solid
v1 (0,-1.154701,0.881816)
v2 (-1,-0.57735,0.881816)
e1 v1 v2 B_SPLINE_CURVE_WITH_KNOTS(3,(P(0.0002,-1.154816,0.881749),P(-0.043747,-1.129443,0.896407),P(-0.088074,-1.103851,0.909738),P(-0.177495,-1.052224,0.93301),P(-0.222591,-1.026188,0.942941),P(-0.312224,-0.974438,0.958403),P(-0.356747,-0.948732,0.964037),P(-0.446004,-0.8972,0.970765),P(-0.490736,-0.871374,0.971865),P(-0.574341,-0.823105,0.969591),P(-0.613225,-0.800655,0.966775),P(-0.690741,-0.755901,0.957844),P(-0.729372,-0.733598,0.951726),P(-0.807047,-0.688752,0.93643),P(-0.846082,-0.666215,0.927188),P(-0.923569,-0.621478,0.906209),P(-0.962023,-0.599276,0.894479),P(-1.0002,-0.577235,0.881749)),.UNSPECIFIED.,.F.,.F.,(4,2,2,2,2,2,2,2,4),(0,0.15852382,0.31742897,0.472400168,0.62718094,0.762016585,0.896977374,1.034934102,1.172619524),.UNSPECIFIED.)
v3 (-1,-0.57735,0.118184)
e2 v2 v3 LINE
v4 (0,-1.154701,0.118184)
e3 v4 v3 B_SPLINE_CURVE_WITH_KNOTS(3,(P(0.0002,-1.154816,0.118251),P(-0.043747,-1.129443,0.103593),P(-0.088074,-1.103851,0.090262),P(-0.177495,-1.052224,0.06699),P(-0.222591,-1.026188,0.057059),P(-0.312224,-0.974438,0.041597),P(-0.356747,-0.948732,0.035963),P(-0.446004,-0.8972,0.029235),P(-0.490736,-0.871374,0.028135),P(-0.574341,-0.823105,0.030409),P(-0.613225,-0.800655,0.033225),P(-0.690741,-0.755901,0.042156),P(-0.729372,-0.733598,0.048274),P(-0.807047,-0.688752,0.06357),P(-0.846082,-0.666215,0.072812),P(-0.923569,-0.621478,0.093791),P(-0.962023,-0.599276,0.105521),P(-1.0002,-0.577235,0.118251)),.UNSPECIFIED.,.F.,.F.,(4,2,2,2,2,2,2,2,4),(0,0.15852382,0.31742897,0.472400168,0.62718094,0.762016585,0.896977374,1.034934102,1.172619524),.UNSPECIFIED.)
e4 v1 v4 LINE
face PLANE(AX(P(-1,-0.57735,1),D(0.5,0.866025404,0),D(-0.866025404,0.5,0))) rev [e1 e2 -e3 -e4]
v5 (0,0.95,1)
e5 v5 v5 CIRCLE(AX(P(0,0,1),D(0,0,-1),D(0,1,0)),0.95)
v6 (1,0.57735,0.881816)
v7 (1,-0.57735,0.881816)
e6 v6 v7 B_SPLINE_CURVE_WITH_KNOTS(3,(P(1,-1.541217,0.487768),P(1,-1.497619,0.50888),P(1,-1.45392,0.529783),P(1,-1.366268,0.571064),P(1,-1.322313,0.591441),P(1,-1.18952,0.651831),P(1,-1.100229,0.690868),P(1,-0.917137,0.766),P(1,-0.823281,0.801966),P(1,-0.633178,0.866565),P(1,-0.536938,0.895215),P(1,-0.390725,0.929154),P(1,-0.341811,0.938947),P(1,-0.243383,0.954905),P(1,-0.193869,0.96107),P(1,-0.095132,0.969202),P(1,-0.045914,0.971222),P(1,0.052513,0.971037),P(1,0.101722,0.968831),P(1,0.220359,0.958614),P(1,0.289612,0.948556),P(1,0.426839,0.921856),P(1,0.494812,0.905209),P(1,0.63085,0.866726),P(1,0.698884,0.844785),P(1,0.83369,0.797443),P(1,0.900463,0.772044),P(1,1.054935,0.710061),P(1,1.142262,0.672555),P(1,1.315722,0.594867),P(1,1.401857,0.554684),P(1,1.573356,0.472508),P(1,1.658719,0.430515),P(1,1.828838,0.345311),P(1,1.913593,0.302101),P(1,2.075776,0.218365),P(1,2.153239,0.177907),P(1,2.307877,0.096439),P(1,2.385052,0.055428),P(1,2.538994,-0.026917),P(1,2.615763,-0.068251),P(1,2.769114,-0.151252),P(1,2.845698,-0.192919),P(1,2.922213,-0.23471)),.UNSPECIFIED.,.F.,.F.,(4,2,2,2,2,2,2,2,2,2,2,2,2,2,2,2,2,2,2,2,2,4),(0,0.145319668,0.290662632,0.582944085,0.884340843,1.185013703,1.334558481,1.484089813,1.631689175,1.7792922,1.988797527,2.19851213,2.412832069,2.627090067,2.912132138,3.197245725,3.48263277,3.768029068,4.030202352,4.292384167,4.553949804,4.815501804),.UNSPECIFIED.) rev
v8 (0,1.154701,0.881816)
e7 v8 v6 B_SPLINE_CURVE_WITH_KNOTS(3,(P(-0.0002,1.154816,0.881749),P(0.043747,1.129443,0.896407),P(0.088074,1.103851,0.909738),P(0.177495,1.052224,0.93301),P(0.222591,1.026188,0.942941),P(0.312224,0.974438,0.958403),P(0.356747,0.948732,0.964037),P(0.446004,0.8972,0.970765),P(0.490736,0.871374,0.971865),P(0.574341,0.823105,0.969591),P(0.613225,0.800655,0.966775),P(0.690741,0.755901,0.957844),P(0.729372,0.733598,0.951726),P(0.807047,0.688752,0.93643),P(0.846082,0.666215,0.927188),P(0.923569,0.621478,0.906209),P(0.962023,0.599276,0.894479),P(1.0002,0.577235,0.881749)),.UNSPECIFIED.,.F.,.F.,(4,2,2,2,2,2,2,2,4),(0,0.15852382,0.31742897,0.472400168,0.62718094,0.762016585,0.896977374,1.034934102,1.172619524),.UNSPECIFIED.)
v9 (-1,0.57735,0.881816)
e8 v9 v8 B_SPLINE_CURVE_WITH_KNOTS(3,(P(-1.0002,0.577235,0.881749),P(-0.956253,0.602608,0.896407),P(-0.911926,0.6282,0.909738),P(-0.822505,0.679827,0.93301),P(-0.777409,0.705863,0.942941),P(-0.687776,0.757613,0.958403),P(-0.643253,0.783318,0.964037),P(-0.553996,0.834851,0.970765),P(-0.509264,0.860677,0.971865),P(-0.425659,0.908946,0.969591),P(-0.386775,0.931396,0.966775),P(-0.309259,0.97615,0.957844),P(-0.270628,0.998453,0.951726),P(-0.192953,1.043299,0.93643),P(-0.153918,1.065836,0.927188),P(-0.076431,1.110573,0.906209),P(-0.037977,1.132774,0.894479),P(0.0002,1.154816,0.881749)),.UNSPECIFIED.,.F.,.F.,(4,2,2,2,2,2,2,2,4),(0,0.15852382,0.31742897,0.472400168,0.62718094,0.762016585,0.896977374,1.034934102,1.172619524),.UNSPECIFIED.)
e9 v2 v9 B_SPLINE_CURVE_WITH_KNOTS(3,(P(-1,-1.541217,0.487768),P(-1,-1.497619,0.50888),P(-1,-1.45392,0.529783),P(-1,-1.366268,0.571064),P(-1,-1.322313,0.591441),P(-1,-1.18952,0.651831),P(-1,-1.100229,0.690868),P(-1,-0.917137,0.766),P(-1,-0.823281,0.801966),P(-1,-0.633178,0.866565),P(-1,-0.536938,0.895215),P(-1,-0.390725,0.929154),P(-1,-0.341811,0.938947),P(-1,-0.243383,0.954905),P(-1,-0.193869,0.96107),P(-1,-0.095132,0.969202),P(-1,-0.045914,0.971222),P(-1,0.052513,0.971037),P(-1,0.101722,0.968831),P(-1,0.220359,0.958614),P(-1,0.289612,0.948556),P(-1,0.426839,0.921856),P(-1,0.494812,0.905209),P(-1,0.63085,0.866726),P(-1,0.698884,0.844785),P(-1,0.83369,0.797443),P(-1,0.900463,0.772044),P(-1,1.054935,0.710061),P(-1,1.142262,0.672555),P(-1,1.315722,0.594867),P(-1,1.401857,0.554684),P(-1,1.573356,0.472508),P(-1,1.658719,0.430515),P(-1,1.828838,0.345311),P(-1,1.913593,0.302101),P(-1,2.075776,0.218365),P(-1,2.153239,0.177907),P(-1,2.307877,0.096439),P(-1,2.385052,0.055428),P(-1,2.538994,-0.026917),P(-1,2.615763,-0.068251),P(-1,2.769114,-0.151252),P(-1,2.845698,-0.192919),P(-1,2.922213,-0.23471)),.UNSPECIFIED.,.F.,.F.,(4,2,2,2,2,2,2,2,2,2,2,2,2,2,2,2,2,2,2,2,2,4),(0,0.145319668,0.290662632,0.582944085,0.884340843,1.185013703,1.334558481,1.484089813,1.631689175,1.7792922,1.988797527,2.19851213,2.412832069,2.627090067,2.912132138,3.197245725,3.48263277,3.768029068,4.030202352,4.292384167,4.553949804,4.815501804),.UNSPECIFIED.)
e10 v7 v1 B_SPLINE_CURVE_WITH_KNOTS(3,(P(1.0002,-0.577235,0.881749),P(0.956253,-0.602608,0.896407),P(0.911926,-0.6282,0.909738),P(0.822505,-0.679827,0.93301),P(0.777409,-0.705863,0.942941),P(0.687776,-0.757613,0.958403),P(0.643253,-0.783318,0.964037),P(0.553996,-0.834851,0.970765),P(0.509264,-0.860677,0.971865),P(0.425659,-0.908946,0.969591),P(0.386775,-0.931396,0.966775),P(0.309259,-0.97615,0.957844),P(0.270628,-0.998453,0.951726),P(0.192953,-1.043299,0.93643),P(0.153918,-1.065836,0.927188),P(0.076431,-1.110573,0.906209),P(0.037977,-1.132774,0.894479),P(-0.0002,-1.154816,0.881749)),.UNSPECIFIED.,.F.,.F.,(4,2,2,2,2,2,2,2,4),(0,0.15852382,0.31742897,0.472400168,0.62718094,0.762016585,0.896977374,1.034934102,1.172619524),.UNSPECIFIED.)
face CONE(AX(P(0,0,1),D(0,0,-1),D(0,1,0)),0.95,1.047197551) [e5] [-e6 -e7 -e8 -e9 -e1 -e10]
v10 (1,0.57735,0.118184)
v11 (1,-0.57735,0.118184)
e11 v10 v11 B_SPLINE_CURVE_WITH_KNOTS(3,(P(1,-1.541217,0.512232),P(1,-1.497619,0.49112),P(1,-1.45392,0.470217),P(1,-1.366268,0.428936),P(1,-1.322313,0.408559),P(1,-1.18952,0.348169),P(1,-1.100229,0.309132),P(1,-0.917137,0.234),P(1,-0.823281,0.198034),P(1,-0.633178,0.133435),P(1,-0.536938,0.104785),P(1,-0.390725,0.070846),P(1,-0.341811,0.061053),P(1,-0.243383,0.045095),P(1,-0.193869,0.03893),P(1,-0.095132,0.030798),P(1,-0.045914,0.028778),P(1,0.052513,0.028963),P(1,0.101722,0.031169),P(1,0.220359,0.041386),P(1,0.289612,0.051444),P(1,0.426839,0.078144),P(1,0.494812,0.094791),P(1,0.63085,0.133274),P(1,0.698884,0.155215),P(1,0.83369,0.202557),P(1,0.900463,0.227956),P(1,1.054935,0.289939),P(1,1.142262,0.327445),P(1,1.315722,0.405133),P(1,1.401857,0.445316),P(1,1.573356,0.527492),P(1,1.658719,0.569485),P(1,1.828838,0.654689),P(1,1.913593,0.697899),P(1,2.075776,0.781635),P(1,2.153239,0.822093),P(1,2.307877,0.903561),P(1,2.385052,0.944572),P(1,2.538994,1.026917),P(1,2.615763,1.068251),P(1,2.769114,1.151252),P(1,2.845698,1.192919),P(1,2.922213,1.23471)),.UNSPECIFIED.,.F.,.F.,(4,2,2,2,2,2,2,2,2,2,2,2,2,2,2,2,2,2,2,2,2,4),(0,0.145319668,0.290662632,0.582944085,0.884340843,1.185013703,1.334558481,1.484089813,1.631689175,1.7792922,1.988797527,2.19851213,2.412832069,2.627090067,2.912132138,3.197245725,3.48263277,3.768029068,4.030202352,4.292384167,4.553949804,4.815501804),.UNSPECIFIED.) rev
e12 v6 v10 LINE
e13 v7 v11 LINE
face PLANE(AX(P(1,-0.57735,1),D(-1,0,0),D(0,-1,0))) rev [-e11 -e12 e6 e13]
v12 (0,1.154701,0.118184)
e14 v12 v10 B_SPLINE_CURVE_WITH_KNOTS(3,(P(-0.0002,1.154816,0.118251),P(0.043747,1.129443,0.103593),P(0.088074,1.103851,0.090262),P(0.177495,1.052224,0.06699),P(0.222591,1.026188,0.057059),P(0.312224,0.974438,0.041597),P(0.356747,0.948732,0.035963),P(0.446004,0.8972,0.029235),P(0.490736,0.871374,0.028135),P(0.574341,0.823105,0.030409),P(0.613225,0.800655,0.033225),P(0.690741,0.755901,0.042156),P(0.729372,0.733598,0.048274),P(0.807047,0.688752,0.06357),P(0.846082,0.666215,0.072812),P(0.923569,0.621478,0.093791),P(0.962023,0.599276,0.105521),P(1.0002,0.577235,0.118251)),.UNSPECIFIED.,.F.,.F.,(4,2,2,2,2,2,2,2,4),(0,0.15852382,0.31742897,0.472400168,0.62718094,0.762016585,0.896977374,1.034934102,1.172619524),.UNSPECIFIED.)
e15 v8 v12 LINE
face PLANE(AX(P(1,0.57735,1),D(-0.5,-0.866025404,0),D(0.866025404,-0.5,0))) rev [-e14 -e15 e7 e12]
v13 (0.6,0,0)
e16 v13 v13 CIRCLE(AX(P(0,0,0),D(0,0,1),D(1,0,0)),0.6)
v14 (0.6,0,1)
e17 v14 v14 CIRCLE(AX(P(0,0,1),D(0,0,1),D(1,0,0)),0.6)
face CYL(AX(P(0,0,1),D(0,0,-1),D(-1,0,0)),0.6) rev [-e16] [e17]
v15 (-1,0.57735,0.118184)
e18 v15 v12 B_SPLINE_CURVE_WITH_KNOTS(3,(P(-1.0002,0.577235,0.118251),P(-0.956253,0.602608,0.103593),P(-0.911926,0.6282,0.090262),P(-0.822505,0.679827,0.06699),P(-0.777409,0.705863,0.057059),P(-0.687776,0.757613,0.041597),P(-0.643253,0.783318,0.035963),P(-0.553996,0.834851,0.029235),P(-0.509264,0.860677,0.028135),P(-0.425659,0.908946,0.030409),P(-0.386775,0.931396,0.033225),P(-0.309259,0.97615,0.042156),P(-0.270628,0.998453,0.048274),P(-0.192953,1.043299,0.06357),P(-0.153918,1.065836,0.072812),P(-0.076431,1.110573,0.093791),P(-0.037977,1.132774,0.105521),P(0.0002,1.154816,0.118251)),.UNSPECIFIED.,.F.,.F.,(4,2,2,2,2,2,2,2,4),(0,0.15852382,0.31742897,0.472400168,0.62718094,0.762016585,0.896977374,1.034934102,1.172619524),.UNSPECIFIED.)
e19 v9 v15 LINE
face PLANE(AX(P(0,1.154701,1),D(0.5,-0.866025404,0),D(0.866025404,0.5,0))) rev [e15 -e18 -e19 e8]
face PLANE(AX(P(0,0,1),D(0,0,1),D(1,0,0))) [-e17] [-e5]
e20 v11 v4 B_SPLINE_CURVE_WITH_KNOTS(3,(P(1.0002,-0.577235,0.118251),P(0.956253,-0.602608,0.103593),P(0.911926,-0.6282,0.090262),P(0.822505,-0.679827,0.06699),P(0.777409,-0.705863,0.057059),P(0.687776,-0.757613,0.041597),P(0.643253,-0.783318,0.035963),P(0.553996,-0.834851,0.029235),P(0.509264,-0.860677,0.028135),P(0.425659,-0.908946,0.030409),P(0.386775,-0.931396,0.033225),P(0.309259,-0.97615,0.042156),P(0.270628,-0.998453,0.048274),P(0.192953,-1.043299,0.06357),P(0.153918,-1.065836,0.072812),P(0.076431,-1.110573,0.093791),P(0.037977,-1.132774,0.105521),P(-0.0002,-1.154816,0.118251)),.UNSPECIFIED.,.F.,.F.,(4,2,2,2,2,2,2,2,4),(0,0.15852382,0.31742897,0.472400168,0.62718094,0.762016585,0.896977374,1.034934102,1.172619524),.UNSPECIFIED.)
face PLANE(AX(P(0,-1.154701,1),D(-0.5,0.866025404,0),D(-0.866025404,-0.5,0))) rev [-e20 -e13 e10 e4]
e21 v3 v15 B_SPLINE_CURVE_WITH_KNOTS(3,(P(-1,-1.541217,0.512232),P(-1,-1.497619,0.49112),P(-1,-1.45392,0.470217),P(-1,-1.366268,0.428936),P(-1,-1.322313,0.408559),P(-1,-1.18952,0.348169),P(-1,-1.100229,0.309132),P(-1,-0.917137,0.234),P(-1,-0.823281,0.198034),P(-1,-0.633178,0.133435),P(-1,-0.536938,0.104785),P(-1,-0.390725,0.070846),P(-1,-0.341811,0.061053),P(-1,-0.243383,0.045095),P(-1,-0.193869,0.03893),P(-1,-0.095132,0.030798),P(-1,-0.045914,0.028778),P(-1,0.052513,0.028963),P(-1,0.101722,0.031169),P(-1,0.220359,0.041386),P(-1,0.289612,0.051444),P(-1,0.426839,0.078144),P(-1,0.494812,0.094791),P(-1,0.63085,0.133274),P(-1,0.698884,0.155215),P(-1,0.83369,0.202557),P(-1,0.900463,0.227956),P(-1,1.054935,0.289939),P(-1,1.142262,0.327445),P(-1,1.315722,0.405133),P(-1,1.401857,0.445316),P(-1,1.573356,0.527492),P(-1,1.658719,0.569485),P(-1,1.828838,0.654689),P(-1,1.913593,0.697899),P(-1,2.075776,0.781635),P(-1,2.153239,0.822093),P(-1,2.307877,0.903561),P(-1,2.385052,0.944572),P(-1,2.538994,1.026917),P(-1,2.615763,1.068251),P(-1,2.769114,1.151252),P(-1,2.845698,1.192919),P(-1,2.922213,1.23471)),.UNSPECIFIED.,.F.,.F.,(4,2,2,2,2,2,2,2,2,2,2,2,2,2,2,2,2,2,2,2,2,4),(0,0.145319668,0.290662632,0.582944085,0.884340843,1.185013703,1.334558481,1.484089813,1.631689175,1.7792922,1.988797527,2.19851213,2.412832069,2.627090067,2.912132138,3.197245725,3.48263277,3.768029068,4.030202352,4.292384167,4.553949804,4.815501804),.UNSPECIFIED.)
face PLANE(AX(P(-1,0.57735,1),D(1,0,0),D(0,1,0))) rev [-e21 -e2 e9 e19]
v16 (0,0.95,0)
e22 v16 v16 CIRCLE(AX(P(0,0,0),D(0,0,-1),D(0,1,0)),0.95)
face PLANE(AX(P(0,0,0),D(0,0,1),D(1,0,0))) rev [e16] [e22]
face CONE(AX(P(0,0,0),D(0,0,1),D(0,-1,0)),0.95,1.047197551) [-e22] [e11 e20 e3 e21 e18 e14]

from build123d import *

# Parameters (mm, degrees)
SKETCH_1_R      = 0.6
EXTRUDE_1_DEPTH = 1


with BuildPart() as part:
    # Эскиз1 → Бобышка-Вытянуть1 (new body)
    with BuildSketch(Plane.XY):
        Polygon((0, 1.154700538), (-1, 0.577350269), (-1, -0.577350269), (0, -1.154700538), (1, -0.577350269), (1, 0.577350269), align=None)
        Circle(SKETCH_1_R, mode=Mode.SUBTRACT)
    extrude(amount=EXTRUDE_1_DEPTH)

    # Эскиз2 → Вырез-Повернуть1 (revolve, cut)
    with BuildSketch(Plane(origin=(0, 0, 0), x_dir=(0, 0, -1), z_dir=(1, 0, 0)), mode=Mode.PRIVATE) as cut_revolve_1_sk:
        Polygon((-1, 1.329278221), (-1, 0.95), (-0.781023617, 1.329278221), align=None)
        Polygon((0, 1.329278221), (0, 0.95), (-0.218976383, 1.329278221), align=None)
    revolve(cut_revolve_1_sk.sketch.rotate(Axis((0, 0, 0), (0, 0, 1)), 180), axis=Axis((0, 0, 0), (0, 0, 1)), mode=Mode.SUBTRACT)


solid = part.part
